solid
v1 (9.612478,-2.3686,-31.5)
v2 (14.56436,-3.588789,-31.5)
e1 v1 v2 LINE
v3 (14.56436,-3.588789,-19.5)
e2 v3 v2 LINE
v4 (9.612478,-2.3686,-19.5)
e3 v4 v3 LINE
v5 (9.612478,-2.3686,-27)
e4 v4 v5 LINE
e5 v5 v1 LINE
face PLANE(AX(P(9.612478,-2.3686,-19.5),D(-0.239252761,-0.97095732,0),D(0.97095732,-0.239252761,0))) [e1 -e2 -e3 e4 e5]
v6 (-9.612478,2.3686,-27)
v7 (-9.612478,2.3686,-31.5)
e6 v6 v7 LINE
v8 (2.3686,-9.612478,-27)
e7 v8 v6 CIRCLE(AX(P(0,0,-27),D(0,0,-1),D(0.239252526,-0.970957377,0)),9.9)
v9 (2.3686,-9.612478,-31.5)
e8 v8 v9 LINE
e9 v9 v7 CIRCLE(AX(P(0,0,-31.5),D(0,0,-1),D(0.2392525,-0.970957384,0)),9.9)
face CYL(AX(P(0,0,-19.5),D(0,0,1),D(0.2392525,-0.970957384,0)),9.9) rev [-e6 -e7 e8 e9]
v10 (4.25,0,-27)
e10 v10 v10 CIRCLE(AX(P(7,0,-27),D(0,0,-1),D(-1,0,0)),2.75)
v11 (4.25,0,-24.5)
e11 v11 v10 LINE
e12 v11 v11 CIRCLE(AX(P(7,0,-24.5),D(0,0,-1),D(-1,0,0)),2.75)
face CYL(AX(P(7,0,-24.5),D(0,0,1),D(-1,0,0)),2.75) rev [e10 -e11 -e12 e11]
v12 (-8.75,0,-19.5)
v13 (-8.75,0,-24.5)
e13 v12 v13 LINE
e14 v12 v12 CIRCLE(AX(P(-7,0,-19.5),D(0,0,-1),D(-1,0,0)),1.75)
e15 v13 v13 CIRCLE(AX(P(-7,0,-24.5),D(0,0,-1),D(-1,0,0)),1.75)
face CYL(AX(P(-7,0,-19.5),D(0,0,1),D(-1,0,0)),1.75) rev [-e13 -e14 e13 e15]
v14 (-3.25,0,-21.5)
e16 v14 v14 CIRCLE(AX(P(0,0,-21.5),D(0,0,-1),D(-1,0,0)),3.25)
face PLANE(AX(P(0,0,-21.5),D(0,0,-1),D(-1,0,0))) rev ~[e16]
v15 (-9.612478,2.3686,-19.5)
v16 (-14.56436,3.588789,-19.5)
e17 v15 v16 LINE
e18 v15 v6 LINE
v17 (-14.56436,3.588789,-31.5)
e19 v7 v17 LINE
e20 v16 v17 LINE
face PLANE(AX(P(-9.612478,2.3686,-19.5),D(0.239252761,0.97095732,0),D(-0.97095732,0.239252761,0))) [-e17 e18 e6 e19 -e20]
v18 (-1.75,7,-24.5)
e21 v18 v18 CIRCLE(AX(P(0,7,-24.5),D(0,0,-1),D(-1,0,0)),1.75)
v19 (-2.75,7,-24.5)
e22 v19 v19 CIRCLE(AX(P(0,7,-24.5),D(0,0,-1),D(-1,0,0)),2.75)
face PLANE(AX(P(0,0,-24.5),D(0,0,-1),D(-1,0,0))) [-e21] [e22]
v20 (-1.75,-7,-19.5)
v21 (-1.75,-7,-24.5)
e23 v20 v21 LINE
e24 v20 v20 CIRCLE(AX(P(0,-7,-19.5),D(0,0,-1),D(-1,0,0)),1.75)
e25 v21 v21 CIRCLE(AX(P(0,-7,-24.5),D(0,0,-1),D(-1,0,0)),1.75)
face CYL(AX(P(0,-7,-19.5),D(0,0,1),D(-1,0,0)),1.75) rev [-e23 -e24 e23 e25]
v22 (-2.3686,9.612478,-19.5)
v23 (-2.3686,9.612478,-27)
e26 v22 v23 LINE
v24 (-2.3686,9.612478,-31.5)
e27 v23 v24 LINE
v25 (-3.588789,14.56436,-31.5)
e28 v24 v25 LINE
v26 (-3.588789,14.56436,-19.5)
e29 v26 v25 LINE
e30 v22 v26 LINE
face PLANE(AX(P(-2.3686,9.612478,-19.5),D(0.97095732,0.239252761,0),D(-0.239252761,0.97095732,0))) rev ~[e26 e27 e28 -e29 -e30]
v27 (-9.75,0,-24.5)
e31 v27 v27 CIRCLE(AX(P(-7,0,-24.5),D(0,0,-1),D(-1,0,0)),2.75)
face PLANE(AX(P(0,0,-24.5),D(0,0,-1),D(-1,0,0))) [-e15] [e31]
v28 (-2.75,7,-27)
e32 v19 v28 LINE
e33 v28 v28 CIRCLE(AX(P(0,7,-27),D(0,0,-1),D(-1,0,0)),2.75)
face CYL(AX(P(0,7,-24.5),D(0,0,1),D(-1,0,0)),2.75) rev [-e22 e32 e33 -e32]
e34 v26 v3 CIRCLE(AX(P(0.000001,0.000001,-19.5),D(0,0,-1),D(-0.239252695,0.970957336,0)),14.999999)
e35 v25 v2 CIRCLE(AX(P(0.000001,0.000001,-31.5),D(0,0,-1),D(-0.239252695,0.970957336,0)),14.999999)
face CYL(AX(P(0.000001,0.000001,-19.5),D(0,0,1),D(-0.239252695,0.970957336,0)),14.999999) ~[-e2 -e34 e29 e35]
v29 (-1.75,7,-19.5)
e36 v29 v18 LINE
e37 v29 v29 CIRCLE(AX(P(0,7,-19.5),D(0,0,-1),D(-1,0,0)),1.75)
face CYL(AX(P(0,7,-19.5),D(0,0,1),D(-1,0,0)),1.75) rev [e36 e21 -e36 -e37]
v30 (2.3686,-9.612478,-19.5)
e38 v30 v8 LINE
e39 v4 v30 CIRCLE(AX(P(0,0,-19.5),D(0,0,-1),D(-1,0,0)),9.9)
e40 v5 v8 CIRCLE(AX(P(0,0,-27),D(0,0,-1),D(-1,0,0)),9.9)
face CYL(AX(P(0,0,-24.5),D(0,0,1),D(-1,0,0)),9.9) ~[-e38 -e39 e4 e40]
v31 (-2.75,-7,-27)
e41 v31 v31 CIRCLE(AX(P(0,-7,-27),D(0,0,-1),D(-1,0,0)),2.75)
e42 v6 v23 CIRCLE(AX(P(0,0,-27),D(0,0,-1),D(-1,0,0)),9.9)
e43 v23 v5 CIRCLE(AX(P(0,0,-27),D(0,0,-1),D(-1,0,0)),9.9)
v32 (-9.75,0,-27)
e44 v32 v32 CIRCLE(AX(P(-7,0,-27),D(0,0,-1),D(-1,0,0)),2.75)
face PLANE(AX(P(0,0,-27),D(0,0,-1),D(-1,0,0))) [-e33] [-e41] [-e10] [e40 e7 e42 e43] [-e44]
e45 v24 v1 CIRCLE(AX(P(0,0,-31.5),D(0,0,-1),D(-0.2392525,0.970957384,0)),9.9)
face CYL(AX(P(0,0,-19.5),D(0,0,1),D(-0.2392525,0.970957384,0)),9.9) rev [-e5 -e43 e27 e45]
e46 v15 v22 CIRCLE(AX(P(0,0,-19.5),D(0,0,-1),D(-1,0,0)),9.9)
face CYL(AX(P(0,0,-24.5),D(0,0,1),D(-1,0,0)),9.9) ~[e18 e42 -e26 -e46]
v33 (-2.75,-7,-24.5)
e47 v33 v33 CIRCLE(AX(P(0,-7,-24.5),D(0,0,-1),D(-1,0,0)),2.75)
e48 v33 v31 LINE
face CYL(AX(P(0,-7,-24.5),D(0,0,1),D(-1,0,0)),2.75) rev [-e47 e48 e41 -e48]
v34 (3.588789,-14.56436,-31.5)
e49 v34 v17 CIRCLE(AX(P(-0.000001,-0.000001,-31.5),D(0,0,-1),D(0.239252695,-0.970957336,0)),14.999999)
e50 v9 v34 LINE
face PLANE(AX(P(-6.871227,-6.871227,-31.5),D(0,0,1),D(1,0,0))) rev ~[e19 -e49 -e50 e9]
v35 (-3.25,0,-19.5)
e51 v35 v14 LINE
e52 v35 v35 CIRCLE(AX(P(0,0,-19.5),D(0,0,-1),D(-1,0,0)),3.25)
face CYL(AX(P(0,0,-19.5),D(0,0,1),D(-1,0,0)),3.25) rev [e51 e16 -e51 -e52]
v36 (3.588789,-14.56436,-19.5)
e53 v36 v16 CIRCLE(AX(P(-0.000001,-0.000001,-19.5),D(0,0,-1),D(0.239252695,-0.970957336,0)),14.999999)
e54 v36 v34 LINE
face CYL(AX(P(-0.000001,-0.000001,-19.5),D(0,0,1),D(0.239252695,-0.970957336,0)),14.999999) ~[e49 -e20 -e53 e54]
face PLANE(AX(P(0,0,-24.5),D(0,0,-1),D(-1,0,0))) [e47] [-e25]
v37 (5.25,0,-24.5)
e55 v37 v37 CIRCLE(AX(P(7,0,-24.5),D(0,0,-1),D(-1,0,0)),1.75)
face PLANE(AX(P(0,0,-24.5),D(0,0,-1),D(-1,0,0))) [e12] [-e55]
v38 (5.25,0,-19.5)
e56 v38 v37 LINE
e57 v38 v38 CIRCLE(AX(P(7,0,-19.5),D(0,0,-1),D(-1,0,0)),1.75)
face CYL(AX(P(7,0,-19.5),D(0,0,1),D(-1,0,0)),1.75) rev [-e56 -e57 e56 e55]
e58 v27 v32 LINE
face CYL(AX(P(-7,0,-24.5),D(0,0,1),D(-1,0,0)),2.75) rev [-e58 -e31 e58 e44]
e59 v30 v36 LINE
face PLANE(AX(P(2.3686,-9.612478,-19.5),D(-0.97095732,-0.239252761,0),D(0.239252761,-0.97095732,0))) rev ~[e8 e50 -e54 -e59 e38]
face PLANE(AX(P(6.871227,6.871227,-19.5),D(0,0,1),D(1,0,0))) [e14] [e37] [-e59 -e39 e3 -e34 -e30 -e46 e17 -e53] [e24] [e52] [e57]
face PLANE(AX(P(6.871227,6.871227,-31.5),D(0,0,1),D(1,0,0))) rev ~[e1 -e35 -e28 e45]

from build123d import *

# Parameters (mm, degrees)
SKETCH012_R     = 9.9
SKETCH012_R_2   = 1.75
PAD009_DEPTH    = 5
SKETCH013_R     = 9.9
SKETCH013_R_2   = 2.75
PAD010_DEPTH    = 2.5
SKETCH014_R     = 3.25
POCKET002_DEPTH = 2
PAD011_DEPTH    = 12


with BuildPart() as part:
    # Sketch012 (on DatumPlane) → Pad009 (new body)
    with BuildSketch(Plane(origin=(0, 0, -19.5), x_dir=(-1, 0, 0), z_dir=(0, 0, -1))):
        Circle(SKETCH012_R)
        with Locations((0, 7)):
            Circle(SKETCH012_R_2, mode=Mode.SUBTRACT)
        with Locations((7, 0)):
            Circle(SKETCH012_R_2, mode=Mode.SUBTRACT)
        with Locations((0, -7)):
            Circle(SKETCH012_R_2, mode=Mode.SUBTRACT)
        with Locations((-7, 0)):
            Circle(SKETCH012_R_2, mode=Mode.SUBTRACT)
    extrude(amount=PAD009_DEPTH)

    # Sketch013 (on Face7 of Pad009) → Pad010 (join)
    with BuildSketch(Plane(origin=(0, 0, -24.5), x_dir=(-1, 0, 0), z_dir=(0, 0, -1))):
        Circle(SKETCH013_R)
        with Locations((0, 7)):
            Circle(SKETCH013_R_2, mode=Mode.SUBTRACT)
        with Locations((7, 0)):
            Circle(SKETCH013_R_2, mode=Mode.SUBTRACT)
        with Locations((0, -7)):
            Circle(SKETCH013_R_2, mode=Mode.SUBTRACT)
        with Locations((-7, 0)):
            Circle(SKETCH013_R_2, mode=Mode.SUBTRACT)
    extrude(amount=PAD010_DEPTH)

    # Sketch014 (on DatumPlane) → Pocket002 (cut)
    with BuildSketch(Plane(origin=(0, 0, -19.5), x_dir=(-1, 0, 0), z_dir=(0, 0, -1))):
        Circle(SKETCH014_R)
    extrude(amount=POCKET002_DEPTH, mode=Mode.SUBTRACT)

    # Sketch015 (on DatumPlane) → Pad011 (join)
    with BuildSketch(Plane(origin=(0, 0, -19.5), x_dir=(-1, 0, 0), z_dir=(0, 0, -1))):
        with BuildLine():
            ThreePointArc((2.3686, 9.612478), (-7.000357, 7.000357), (-9.612478, -2.3686))
            Line((-9.612478, -2.3686), (-14.56436, -3.588789))
            ThreePointArc((3.588789, 14.56436), (-10.606602, 10.606602), (-14.56436, -3.588789))
            Line((2.3686, 9.612478), (3.588789, 14.56436))
        make_face()
        with BuildLine():
            Line((9.612478, 2.3686), (14.56436, 3.588789))
            ThreePointArc((-3.588789, -14.56436), (10.606602, -10.606602), (14.56436, 3.588789))
            Line((-2.3686, -9.612478), (-3.588789, -14.56436))
            ThreePointArc((-2.3686, -9.612478), (7.000357, -7.000357), (9.612478, 2.3686))
        make_face()
    extrude(amount=PAD011_DEPTH)


solid = part.part
